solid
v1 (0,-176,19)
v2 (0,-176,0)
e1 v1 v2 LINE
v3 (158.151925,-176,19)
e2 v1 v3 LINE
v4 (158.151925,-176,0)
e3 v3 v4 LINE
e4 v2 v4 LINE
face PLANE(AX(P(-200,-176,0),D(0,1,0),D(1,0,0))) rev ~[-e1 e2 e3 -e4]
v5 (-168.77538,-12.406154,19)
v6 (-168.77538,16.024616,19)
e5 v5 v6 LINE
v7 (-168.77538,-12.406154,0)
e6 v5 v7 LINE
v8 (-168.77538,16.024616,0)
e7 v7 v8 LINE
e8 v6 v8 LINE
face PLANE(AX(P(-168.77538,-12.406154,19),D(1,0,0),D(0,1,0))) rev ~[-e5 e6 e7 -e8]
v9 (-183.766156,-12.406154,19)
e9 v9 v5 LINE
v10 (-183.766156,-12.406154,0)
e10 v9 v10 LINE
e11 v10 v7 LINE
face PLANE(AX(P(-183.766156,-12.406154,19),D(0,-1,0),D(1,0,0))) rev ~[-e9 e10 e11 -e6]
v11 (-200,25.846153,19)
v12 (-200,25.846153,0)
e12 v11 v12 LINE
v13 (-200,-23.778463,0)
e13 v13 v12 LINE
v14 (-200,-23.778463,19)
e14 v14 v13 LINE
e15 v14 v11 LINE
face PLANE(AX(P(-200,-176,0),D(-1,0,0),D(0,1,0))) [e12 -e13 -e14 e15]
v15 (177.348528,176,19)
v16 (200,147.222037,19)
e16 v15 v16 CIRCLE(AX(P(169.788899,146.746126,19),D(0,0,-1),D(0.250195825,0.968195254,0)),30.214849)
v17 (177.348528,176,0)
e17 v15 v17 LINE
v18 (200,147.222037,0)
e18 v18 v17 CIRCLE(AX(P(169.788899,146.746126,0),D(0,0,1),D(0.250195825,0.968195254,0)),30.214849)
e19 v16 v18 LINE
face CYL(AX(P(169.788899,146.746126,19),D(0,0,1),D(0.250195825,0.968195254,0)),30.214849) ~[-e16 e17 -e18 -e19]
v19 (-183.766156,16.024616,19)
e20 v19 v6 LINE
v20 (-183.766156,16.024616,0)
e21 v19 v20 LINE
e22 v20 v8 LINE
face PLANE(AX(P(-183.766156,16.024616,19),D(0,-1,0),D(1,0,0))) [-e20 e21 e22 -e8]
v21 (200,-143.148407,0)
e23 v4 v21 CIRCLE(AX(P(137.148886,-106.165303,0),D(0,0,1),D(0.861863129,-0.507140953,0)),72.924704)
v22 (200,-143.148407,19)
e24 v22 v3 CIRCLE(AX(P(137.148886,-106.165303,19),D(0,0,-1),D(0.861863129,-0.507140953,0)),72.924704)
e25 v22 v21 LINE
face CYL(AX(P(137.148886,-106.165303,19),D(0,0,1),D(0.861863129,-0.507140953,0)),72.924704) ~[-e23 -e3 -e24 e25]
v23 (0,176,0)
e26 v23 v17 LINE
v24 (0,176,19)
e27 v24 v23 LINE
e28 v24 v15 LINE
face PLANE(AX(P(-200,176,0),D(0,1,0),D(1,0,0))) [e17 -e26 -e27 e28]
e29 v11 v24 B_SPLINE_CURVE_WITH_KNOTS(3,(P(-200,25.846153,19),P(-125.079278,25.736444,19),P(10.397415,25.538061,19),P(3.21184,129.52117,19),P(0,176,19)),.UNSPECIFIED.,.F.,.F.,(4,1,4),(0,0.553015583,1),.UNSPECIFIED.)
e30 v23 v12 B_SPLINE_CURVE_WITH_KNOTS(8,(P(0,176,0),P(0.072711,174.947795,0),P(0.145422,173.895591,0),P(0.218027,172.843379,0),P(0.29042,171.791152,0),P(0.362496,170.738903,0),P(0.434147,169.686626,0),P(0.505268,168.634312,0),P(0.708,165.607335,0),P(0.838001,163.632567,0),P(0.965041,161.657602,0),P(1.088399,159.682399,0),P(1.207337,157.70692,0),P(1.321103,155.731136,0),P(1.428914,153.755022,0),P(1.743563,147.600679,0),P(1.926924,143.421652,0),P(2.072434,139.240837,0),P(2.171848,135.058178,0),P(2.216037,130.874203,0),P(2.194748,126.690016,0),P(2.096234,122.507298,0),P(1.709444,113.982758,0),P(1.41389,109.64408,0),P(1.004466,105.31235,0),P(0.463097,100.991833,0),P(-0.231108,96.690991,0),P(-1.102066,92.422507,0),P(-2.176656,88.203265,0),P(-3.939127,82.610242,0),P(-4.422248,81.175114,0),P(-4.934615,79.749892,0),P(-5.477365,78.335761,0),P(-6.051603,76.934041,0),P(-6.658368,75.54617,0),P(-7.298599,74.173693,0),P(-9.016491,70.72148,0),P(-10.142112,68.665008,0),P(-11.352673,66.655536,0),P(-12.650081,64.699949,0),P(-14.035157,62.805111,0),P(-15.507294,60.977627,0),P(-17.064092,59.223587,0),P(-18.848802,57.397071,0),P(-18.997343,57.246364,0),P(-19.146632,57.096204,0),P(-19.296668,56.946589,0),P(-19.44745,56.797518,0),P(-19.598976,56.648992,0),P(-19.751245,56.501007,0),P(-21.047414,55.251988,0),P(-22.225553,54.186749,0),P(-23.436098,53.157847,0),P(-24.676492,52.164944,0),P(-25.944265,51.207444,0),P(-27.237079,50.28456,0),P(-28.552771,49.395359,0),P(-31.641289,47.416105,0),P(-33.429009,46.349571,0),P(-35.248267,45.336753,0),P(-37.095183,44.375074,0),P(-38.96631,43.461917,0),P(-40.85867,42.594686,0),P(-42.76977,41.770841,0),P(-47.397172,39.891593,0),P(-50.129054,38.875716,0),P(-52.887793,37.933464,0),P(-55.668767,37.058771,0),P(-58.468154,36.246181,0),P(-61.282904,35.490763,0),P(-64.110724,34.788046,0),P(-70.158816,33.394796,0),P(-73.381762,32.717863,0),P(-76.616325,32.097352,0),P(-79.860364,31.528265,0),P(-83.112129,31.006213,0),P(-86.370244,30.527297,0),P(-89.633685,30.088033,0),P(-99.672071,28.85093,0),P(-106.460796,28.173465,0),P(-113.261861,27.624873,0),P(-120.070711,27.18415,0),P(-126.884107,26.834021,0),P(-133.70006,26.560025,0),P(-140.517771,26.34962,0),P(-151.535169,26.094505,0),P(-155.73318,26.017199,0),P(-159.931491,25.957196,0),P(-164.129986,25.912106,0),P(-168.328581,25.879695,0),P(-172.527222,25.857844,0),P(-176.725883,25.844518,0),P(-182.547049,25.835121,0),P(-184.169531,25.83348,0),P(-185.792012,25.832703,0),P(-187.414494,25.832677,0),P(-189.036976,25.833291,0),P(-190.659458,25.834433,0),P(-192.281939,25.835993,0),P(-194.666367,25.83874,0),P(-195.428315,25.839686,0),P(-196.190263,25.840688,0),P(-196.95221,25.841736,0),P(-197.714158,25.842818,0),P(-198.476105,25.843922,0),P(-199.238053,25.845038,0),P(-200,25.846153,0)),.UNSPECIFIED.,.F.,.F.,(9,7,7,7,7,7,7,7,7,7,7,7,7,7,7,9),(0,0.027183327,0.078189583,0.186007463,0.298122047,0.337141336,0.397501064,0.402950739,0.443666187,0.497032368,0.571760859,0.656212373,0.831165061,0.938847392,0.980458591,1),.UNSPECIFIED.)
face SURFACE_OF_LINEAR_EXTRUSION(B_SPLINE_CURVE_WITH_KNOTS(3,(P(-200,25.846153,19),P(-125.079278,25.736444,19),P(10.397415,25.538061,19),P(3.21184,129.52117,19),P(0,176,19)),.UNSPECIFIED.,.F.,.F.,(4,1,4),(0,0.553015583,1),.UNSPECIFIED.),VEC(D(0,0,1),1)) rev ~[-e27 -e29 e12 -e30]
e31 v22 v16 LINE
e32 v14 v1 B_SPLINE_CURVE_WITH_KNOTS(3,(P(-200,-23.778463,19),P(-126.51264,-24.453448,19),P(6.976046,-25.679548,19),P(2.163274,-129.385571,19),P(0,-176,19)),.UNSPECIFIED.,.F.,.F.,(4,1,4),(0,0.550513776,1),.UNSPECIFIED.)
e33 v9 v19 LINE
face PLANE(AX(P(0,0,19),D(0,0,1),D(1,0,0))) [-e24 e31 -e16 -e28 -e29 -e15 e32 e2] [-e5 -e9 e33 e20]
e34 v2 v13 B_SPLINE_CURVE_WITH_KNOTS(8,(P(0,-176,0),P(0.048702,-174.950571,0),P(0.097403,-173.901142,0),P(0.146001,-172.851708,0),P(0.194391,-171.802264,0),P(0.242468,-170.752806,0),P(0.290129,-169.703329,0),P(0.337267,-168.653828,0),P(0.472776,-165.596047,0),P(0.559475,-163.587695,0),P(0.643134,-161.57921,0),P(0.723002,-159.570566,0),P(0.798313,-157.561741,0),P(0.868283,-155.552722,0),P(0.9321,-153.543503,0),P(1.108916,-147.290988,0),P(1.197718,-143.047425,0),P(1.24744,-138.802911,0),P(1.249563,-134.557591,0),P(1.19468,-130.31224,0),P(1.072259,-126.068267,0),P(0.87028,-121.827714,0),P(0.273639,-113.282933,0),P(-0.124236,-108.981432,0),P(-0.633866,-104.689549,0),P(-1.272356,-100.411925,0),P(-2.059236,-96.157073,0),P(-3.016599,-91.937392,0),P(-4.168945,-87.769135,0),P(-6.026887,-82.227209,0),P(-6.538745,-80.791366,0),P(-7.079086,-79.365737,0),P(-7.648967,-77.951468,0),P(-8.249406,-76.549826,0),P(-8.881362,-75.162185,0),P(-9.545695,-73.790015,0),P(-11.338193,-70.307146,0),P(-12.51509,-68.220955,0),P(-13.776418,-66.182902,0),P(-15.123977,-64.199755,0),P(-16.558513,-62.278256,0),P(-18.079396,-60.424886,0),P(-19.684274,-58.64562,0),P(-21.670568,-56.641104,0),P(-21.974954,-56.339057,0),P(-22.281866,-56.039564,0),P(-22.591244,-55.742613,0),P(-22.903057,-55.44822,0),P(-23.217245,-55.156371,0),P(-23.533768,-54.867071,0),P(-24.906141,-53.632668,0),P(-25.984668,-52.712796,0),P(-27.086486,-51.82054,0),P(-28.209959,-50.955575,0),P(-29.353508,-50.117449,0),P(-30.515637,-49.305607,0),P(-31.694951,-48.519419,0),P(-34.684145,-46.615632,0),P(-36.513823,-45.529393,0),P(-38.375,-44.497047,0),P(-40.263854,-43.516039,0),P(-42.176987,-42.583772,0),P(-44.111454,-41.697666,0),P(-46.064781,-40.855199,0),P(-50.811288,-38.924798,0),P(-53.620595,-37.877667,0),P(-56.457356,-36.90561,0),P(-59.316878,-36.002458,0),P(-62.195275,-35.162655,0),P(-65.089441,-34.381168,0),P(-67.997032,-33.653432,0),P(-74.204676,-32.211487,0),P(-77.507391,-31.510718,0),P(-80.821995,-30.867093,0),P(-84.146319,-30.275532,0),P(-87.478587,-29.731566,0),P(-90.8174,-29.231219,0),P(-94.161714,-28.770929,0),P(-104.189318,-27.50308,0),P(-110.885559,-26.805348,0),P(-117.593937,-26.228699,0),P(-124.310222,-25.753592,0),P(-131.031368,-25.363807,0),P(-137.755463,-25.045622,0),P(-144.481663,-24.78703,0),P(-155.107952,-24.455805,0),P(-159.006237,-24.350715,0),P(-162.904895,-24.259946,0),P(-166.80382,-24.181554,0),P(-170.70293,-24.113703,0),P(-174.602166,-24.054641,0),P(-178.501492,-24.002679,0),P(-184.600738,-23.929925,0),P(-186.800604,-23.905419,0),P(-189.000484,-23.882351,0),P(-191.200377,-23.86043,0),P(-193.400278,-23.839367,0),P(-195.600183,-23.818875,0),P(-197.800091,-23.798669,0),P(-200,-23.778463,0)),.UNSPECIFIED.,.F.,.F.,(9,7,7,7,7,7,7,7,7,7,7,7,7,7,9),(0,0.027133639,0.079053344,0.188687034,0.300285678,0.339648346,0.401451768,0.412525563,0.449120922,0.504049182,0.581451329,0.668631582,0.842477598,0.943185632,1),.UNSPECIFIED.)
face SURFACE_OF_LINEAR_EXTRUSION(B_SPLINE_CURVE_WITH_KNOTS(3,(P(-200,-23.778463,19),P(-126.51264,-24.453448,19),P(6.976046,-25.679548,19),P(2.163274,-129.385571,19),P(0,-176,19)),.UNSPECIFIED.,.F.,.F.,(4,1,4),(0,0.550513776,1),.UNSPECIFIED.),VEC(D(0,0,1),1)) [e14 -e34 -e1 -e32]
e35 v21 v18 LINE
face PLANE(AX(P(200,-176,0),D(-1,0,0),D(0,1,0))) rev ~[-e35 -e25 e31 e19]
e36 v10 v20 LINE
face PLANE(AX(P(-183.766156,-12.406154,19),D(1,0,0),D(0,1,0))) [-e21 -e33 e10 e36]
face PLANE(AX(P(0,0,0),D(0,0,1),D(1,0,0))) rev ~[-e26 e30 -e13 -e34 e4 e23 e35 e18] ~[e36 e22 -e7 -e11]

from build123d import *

# Parameters (mm, degrees)
F0_W     = 400
F0_H     = 352
F1_DEPTH = 19
F3_DEPTH = 19.001
F5_DEPTH = 19.0010001
F6_W     = 14.9907767773
F6_H     = 28.43076922
F7_DEPTH = 19.0010001


with BuildPart() as f1:
    # F0 (on Top) → F1 (new body)
    with BuildSketch(Plane.XY):
        Rectangle(F0_W, F0_H)
    extrude(amount=F1_DEPTH)

    # F2 (on face) → F3 (cut, through all)
    with BuildSketch(Plane.XY.offset(19)):
        with BuildLine():
            add(Edge.make_bspline(
                [(-200, -23.7784627825), (-126.5126396068, -24.453447739), (6.9760460018, -25.6795477673), (2.163274492, -129.3855711593), (0, -176)],
                knots=[0, 0, 0, 0, 0.5505137762, 1, 1, 1, 1], degree=3))
            Line((-200, -23.7784627825), (-200, -176))
            Line((-200, -176), (0, -176))
        make_face()
        with BuildLine():
            Line((-200, 176), (-200, 25.8461534977))
            add(Edge.make_bspline(
                [(-200, 25.8461534977), (-125.0792777845, 25.7364442733), (10.3974148662, 25.5380606696), (3.211839993, 129.5211703688), (0, 176)],
                knots=[0, 0, 0, 0, 0.5530155833, 1, 1, 1, 1], degree=3))
            Line((0, 176), (-200, 176))
        make_face()
    extrude(amount=-F3_DEPTH, mode=Mode.SUBTRACT)

    # F4 (on face) → F5 (cut, through all)
    with BuildSketch(Plane.XY.offset(19)):
        with BuildLine():
            ThreePointArc((177.3485280662, 176), (193.531261968, 165.4340185307), (200, 147.2220370564))
            Line((200, 147.2220370564), (200, 176))
            Line((200, 176), (177.3485280662, 176))
        make_face()
        with BuildLine():
            ThreePointArc((200, -143.14840734), (182.1787262713, -163.5266665451), (158.1519246101, -176))
            Line((158.1519246101, -176), (200, -176))
            Line((200, -176), (200, -143.14840734))
        make_face()
    extrude(amount=-F5_DEPTH, mode=Mode.SUBTRACT)

    # F6 (on face) → F7 (cut, through all)
    with BuildSketch(Plane.XY.offset(19)):
        with Locations((-176.2707680464, 1.8092310056)):
            Rectangle(F6_W, F6_H)
    extrude(amount=-F7_DEPTH, mode=Mode.SUBTRACT)


solid = f1.part
